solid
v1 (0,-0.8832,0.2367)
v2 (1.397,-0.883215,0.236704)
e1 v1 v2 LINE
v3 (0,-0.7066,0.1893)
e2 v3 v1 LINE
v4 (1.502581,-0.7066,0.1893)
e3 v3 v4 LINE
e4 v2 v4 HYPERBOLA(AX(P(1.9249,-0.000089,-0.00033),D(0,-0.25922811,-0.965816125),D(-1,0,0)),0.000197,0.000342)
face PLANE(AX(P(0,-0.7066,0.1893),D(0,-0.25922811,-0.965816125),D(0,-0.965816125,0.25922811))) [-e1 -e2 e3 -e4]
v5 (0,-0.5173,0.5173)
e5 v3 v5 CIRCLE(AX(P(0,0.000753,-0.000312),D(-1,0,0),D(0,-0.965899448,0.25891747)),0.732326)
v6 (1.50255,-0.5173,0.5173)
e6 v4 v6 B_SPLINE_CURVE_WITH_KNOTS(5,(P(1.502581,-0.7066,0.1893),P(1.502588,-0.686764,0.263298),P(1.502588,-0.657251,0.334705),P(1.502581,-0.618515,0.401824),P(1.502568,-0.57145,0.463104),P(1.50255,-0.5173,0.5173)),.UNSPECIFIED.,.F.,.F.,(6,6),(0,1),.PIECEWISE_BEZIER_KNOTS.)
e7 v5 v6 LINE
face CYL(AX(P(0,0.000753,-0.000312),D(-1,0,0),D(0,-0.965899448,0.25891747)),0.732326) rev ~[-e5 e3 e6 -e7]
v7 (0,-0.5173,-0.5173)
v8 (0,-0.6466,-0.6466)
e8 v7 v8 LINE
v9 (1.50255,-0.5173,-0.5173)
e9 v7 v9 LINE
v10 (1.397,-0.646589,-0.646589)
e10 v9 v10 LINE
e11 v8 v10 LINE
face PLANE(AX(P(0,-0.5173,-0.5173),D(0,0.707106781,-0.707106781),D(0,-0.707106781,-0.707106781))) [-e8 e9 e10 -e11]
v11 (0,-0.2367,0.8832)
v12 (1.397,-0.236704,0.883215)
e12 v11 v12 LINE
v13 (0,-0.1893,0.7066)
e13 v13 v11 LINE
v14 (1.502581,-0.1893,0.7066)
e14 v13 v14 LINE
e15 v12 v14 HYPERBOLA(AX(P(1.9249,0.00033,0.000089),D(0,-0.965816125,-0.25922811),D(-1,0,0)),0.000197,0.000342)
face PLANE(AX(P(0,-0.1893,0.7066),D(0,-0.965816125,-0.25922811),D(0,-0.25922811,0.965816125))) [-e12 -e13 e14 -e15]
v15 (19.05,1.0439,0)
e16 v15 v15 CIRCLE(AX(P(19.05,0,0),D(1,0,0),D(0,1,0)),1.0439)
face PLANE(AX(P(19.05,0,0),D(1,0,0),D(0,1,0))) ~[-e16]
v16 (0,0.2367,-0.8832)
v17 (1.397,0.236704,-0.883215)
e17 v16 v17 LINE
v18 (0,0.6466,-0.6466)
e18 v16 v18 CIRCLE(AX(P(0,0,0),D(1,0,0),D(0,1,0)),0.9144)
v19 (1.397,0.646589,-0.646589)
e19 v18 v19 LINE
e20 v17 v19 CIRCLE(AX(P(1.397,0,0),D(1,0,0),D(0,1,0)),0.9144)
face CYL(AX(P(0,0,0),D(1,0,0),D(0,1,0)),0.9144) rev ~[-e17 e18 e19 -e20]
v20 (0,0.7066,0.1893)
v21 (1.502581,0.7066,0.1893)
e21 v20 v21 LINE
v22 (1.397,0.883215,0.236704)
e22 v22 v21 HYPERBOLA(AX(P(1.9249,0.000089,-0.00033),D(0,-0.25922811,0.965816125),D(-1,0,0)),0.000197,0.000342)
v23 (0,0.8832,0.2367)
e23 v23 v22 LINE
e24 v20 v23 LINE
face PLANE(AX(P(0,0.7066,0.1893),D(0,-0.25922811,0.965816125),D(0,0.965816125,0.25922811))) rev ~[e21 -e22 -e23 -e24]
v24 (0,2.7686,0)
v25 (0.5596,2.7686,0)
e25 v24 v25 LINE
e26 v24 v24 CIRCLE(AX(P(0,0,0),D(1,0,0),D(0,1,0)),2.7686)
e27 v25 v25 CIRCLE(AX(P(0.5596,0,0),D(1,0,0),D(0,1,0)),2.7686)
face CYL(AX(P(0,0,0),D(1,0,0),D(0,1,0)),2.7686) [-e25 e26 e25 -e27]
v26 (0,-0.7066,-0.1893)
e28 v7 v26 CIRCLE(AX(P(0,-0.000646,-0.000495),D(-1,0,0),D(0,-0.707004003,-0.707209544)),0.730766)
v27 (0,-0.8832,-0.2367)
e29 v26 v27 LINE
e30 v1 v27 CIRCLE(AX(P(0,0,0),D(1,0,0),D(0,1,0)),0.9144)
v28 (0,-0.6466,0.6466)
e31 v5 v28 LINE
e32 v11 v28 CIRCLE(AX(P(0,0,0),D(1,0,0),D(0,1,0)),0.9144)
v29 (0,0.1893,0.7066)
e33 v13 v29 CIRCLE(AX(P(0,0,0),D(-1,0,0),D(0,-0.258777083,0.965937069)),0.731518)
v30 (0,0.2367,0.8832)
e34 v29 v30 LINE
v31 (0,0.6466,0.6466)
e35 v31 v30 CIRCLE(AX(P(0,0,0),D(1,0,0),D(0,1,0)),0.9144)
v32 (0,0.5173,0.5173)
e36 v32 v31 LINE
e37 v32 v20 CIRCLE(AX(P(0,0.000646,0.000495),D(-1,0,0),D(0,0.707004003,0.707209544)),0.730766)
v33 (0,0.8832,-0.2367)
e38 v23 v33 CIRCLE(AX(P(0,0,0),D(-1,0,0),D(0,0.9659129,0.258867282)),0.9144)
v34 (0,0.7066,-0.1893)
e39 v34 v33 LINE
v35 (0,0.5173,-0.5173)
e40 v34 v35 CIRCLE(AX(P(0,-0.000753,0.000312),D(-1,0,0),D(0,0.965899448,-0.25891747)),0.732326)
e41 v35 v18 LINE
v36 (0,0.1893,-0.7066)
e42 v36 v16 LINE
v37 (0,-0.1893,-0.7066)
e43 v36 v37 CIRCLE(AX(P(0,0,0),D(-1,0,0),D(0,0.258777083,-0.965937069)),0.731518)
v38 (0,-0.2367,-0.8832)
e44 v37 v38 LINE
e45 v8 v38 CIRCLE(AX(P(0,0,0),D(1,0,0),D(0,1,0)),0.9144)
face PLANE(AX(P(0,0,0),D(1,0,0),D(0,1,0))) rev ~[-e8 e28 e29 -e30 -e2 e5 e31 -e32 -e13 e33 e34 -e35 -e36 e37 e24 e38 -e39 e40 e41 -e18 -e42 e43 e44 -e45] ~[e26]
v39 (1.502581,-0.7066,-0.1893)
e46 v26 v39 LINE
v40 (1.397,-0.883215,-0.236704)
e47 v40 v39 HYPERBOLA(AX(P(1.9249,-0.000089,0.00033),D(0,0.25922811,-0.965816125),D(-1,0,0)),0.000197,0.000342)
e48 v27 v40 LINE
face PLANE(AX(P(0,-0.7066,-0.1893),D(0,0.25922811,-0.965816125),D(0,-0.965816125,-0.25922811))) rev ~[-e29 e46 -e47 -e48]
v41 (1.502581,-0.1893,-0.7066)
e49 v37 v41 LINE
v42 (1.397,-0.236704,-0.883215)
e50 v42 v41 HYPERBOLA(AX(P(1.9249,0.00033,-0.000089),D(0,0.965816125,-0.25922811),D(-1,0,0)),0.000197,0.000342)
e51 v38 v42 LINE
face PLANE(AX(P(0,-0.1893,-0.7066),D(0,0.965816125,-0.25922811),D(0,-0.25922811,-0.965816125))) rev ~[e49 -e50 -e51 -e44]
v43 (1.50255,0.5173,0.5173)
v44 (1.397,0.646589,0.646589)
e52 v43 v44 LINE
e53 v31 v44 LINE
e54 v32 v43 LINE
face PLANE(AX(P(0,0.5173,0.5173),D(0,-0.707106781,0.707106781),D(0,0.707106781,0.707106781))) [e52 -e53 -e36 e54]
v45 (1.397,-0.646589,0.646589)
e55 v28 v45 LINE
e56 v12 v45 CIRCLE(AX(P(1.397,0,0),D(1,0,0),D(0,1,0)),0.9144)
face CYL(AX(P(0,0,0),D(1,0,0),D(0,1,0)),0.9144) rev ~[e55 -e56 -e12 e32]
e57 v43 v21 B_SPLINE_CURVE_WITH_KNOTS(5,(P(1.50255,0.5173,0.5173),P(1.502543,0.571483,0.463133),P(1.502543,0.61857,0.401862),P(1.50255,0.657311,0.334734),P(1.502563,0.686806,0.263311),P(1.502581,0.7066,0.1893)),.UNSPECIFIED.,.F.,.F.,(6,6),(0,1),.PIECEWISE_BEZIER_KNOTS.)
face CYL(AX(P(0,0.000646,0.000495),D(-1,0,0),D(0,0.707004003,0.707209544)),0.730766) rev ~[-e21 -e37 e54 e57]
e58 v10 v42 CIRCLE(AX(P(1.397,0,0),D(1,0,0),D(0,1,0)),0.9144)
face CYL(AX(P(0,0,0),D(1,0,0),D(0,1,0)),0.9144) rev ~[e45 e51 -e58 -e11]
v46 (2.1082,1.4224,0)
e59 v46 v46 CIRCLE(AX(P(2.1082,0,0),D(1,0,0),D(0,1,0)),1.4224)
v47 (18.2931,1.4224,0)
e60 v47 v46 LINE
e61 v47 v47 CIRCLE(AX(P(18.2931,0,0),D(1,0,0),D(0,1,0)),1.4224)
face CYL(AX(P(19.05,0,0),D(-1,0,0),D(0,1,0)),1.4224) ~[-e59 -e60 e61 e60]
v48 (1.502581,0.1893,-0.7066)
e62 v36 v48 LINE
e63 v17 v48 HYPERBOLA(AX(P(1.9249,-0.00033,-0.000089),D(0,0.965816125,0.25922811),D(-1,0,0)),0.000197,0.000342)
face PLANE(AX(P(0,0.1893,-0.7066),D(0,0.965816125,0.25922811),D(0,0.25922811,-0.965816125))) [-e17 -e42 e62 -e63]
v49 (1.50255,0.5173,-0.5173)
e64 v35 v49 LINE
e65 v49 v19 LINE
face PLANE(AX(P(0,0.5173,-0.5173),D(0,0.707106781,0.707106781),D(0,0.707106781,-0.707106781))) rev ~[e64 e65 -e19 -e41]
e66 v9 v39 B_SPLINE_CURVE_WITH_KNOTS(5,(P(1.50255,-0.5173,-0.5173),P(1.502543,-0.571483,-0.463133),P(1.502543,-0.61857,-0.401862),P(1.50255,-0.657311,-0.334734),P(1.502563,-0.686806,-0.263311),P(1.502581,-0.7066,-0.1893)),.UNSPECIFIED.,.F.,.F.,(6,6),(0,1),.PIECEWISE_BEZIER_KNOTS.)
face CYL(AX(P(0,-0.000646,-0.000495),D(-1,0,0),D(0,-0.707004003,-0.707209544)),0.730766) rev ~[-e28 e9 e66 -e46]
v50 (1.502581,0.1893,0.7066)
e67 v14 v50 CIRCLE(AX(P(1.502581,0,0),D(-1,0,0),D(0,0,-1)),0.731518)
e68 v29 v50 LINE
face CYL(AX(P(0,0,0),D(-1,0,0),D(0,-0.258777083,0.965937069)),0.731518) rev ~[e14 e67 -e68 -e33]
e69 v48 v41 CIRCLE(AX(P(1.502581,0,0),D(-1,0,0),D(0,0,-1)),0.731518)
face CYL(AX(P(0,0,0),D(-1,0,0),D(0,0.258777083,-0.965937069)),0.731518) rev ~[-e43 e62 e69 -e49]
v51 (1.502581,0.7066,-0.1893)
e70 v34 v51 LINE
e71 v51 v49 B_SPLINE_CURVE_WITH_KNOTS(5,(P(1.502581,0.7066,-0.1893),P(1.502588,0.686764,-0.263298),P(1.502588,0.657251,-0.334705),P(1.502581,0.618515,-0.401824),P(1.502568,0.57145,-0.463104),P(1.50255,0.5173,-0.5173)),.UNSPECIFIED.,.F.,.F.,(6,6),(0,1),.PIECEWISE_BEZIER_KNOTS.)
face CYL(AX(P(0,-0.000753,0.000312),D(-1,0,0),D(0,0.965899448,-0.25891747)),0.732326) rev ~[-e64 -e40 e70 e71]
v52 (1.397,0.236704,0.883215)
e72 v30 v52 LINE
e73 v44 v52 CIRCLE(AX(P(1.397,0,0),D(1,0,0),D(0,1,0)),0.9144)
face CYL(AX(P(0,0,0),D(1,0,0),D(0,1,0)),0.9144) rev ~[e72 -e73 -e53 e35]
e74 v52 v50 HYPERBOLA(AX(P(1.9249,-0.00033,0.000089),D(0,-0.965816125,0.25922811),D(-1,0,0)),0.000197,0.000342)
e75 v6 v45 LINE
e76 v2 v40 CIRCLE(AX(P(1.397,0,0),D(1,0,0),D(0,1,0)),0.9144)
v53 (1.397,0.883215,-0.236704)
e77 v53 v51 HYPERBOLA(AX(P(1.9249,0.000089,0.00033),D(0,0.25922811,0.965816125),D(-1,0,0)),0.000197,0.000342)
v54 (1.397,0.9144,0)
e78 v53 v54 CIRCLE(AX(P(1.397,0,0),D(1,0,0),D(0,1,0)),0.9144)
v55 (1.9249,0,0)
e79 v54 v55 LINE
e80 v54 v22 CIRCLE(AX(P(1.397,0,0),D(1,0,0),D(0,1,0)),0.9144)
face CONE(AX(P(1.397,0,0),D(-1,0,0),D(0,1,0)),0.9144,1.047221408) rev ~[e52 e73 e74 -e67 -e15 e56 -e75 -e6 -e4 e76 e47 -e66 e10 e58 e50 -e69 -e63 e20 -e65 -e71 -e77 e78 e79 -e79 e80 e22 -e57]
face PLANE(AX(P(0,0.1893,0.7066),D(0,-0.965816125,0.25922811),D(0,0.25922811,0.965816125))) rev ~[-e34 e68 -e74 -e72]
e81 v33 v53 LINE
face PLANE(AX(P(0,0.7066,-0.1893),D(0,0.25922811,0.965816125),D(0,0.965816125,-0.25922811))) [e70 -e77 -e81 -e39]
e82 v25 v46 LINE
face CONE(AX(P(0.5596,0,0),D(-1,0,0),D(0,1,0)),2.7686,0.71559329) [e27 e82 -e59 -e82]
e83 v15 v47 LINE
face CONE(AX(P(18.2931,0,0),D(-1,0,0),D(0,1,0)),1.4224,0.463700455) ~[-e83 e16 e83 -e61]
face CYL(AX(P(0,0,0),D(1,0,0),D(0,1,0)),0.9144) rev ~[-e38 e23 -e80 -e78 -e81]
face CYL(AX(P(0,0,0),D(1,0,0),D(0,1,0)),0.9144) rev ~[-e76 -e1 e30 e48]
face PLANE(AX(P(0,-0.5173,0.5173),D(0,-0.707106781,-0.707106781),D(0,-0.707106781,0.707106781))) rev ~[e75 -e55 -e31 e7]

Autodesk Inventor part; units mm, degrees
ref_plane "YZ Plane" through (0, 0, 0) normal (1, 0, 0) x (0, 1, 0)
ref_plane "XZ Plane" through (0, 0, 0) normal (0, 1, 0) x (-1, 0, 0)
sketch "Szkic1" plane through (0, 0, 0) normal (0, 0, 1) x (1, 0, 0)
  line L0 (19.05, 0) -> (19.05, 1.4224)
  line L1 (19.05, 1.4224) -> (2.1082, 1.4224)
  line L2 (0, 2.7686) -> (0, 0.9144)
  line L3 (0, 0.9144) -> (1.397, 0.9144)
  line L4 (1.397, 0.9144) -> (1.9249, 0)
  line L5 (1.9249, 0) -> (19.05, 0)
  line L6 (0, 2.7686) -> (0.5596, 2.7686)
  line L7 (0.5596, 2.7686) -> (2.1082, 1.4224)
  line L8 (-3.81, 0) -> (22.86, 0) projected
  line L9 (0, -0.5537) -> (0, 3.3223) projected
  dimension "d0" = 19.05
  dimension "d1" = 1.397
  dimension "d2" = 2.8448
  dimension "d3" = 2.1082
  dimension "d4" = 41
  dimension "d5" = 1.8288
  dimension "d6" = 60
  dimension "d7" = 5.5372
revolve "Bryła" add sketch "Szkic1" angle 360 about axis through (1.9249, 0, 0) along (1, 0, 0) contours L5 L4 L3 L2 L6 L7 L1 L0
sketch "Szkic2" plane through (0, 0, 0) normal (-1, 0, 0) x (0, 0, 1)
  circle A0 centre (0, 0) radius 2.7686 projected
  circle A1 centre (0, 0) radius 0.9144 projected
  line L0 (0.7066, 0.1893) -> (0.8832, 0.2367)
  line L1 (0.7066, -0.1893) -> (0.8832, -0.2367)
  arc A2 (0.7066, -0.1893) -> (0.7066, 0.1893) centre (0, 0) ccw
  arc A3 (0.8832, -0.2367) -> (0.8832, 0.2367) centre (0, 0) ccw
  line L2 (0, -3.876) -> (0, 3.876) projected
  line L3 (-3.876, 0) -> (3.876, 0) projected
  line L4 (0.7066, 0.1893) -> (0, 0) construction
  line L5 (0, 0) -> (0.7066, -0.1893) construction
  line L6 (0.1893, 0.7066) -> (0.2367, 0.8832)
  line L7 (0.5173, 0.5173) -> (0.6466, 0.6466)
  arc A4 (0.5173, 0.5173) -> (0.1893, 0.7066) centre (0, 0) ccw
  arc A5 (0.6466, 0.6466) -> (0.2367, 0.8832) centre (0, 0) ccw
  line L8 (-0.5173, 0.5173) -> (-0.6466, 0.6466)
  line L9 (-0.1893, 0.7066) -> (-0.2367, 0.8832)
  arc A6 (-0.1893, 0.7066) -> (-0.5173, 0.5173) centre (0, 0) ccw
  arc A7 (-0.2367, 0.8832) -> (-0.6466, 0.6466) centre (0, 0) ccw
  line L10 (-0.7066, -0.1893) -> (-0.8832, -0.2367)
  line L11 (-0.7066, 0.1893) -> (-0.8832, 0.2367)
  arc A8 (-0.7066, 0.1893) -> (-0.7066, -0.1893) centre (0, 0) ccw
  arc A9 (-0.8832, 0.2367) -> (-0.8832, -0.2367) centre (0, 0) ccw
  line L12 (-0.1893, -0.7066) -> (-0.2367, -0.8832)
  line L13 (-0.5173, -0.5173) -> (-0.6466, -0.6466)
  arc A10 (-0.5173, -0.5173) -> (-0.1893, -0.7066) centre (0, 0) ccw
  arc A11 (-0.6466, -0.6466) -> (-0.2367, -0.8832) centre (0, 0) ccw
  line L14 (0.5173, -0.5173) -> (0.6466, -0.6466)
  line L15 (0.1893, -0.7066) -> (0.2367, -0.8832)
  arc A12 (0.1893, -0.7066) -> (0.5173, -0.5173) centre (0, 0) ccw
  arc A13 (0.2367, -0.8832) -> (0.6466, -0.6466) centre (0, 0) ccw
  dimension "d8" = 1.463
  dimension "d9" = 1.8288
  dimension "d10" = 15
  dimension "d11" = 15
  dimension "d22" = 360
extrude "Szczelina" add sketch "Szkic2" against normal up to next contours L3 A2 L0 A1 | A1 L1 A2 L3 | L3 A8 L10 A1 | A1 L11 A8 L3 | A1 L7 A4 L6 | L9 A6 L8 A1 | A1 L13 A10 L12 | L15 A12 L14 A1
thread "Gwint" size "4-40 UNC" class "2A" standard "ANSI Unified Screw Threads" length 15.3543
chamfer "Faza1" distance 0.3785 distance2 0.7569 1 edges at (19.05, -1.4224, 0) measured on face at (19.05, 0.5253, 0.4213)
ref_plane "Work Plane1" through (66.6877, 0, 0) normal (0, 0, -1) x (1, 0, 0)
equation "\"d0\" = NLG"
equation "\"d1\" = INTI"
equation "\"d2\" = GD"
equation "\"d3\" = KOH"
equation "\"d4\" = 0.5 * SEWI"
equation "\"d5\" = SW"
equation "\"d7\" = KOD"
equation "\"d8\" = 0.8 * SW"
equation "\"d9\" = SW"
equation "\"d15\" = GEL"
equation "\"d17\" = -0.5 * SPD + 0.5 * GD"
equation "\"d18\" = GUL"
equation "\"NLG\" = 19.05"
equation "\"SW\" = 1.8288"
equation "\"INTI\" = 1.397"
equation "\"GEL\" = 15.3543"
equation "\"KOH\" = 2.1082"
equation "\"KOD\" = 5.5372"
equation "\"GUL\" = 0.75692"
equation "\"SPD\" = 2.08788"
equation "\"GD\" = NND"
equation "\"SEWI\" = 82deg"
equation "\"TOA\" = 30deg"
equation "\"GD1\" = SPD"
equation "\"EPV\" = 3.74448"
equation "\"THREADDIA\" = 2.8448"
equation "\"BDM\" = NND"
equation "\"NND\" = 2.8448"
equation "\"GAL\" = 1.5875"
equation "\"E0\" = 1.155 * SW"
properties part number "ANSI B18.3 - 4-40 UNC x 0,75" material "Stal, miękka"
